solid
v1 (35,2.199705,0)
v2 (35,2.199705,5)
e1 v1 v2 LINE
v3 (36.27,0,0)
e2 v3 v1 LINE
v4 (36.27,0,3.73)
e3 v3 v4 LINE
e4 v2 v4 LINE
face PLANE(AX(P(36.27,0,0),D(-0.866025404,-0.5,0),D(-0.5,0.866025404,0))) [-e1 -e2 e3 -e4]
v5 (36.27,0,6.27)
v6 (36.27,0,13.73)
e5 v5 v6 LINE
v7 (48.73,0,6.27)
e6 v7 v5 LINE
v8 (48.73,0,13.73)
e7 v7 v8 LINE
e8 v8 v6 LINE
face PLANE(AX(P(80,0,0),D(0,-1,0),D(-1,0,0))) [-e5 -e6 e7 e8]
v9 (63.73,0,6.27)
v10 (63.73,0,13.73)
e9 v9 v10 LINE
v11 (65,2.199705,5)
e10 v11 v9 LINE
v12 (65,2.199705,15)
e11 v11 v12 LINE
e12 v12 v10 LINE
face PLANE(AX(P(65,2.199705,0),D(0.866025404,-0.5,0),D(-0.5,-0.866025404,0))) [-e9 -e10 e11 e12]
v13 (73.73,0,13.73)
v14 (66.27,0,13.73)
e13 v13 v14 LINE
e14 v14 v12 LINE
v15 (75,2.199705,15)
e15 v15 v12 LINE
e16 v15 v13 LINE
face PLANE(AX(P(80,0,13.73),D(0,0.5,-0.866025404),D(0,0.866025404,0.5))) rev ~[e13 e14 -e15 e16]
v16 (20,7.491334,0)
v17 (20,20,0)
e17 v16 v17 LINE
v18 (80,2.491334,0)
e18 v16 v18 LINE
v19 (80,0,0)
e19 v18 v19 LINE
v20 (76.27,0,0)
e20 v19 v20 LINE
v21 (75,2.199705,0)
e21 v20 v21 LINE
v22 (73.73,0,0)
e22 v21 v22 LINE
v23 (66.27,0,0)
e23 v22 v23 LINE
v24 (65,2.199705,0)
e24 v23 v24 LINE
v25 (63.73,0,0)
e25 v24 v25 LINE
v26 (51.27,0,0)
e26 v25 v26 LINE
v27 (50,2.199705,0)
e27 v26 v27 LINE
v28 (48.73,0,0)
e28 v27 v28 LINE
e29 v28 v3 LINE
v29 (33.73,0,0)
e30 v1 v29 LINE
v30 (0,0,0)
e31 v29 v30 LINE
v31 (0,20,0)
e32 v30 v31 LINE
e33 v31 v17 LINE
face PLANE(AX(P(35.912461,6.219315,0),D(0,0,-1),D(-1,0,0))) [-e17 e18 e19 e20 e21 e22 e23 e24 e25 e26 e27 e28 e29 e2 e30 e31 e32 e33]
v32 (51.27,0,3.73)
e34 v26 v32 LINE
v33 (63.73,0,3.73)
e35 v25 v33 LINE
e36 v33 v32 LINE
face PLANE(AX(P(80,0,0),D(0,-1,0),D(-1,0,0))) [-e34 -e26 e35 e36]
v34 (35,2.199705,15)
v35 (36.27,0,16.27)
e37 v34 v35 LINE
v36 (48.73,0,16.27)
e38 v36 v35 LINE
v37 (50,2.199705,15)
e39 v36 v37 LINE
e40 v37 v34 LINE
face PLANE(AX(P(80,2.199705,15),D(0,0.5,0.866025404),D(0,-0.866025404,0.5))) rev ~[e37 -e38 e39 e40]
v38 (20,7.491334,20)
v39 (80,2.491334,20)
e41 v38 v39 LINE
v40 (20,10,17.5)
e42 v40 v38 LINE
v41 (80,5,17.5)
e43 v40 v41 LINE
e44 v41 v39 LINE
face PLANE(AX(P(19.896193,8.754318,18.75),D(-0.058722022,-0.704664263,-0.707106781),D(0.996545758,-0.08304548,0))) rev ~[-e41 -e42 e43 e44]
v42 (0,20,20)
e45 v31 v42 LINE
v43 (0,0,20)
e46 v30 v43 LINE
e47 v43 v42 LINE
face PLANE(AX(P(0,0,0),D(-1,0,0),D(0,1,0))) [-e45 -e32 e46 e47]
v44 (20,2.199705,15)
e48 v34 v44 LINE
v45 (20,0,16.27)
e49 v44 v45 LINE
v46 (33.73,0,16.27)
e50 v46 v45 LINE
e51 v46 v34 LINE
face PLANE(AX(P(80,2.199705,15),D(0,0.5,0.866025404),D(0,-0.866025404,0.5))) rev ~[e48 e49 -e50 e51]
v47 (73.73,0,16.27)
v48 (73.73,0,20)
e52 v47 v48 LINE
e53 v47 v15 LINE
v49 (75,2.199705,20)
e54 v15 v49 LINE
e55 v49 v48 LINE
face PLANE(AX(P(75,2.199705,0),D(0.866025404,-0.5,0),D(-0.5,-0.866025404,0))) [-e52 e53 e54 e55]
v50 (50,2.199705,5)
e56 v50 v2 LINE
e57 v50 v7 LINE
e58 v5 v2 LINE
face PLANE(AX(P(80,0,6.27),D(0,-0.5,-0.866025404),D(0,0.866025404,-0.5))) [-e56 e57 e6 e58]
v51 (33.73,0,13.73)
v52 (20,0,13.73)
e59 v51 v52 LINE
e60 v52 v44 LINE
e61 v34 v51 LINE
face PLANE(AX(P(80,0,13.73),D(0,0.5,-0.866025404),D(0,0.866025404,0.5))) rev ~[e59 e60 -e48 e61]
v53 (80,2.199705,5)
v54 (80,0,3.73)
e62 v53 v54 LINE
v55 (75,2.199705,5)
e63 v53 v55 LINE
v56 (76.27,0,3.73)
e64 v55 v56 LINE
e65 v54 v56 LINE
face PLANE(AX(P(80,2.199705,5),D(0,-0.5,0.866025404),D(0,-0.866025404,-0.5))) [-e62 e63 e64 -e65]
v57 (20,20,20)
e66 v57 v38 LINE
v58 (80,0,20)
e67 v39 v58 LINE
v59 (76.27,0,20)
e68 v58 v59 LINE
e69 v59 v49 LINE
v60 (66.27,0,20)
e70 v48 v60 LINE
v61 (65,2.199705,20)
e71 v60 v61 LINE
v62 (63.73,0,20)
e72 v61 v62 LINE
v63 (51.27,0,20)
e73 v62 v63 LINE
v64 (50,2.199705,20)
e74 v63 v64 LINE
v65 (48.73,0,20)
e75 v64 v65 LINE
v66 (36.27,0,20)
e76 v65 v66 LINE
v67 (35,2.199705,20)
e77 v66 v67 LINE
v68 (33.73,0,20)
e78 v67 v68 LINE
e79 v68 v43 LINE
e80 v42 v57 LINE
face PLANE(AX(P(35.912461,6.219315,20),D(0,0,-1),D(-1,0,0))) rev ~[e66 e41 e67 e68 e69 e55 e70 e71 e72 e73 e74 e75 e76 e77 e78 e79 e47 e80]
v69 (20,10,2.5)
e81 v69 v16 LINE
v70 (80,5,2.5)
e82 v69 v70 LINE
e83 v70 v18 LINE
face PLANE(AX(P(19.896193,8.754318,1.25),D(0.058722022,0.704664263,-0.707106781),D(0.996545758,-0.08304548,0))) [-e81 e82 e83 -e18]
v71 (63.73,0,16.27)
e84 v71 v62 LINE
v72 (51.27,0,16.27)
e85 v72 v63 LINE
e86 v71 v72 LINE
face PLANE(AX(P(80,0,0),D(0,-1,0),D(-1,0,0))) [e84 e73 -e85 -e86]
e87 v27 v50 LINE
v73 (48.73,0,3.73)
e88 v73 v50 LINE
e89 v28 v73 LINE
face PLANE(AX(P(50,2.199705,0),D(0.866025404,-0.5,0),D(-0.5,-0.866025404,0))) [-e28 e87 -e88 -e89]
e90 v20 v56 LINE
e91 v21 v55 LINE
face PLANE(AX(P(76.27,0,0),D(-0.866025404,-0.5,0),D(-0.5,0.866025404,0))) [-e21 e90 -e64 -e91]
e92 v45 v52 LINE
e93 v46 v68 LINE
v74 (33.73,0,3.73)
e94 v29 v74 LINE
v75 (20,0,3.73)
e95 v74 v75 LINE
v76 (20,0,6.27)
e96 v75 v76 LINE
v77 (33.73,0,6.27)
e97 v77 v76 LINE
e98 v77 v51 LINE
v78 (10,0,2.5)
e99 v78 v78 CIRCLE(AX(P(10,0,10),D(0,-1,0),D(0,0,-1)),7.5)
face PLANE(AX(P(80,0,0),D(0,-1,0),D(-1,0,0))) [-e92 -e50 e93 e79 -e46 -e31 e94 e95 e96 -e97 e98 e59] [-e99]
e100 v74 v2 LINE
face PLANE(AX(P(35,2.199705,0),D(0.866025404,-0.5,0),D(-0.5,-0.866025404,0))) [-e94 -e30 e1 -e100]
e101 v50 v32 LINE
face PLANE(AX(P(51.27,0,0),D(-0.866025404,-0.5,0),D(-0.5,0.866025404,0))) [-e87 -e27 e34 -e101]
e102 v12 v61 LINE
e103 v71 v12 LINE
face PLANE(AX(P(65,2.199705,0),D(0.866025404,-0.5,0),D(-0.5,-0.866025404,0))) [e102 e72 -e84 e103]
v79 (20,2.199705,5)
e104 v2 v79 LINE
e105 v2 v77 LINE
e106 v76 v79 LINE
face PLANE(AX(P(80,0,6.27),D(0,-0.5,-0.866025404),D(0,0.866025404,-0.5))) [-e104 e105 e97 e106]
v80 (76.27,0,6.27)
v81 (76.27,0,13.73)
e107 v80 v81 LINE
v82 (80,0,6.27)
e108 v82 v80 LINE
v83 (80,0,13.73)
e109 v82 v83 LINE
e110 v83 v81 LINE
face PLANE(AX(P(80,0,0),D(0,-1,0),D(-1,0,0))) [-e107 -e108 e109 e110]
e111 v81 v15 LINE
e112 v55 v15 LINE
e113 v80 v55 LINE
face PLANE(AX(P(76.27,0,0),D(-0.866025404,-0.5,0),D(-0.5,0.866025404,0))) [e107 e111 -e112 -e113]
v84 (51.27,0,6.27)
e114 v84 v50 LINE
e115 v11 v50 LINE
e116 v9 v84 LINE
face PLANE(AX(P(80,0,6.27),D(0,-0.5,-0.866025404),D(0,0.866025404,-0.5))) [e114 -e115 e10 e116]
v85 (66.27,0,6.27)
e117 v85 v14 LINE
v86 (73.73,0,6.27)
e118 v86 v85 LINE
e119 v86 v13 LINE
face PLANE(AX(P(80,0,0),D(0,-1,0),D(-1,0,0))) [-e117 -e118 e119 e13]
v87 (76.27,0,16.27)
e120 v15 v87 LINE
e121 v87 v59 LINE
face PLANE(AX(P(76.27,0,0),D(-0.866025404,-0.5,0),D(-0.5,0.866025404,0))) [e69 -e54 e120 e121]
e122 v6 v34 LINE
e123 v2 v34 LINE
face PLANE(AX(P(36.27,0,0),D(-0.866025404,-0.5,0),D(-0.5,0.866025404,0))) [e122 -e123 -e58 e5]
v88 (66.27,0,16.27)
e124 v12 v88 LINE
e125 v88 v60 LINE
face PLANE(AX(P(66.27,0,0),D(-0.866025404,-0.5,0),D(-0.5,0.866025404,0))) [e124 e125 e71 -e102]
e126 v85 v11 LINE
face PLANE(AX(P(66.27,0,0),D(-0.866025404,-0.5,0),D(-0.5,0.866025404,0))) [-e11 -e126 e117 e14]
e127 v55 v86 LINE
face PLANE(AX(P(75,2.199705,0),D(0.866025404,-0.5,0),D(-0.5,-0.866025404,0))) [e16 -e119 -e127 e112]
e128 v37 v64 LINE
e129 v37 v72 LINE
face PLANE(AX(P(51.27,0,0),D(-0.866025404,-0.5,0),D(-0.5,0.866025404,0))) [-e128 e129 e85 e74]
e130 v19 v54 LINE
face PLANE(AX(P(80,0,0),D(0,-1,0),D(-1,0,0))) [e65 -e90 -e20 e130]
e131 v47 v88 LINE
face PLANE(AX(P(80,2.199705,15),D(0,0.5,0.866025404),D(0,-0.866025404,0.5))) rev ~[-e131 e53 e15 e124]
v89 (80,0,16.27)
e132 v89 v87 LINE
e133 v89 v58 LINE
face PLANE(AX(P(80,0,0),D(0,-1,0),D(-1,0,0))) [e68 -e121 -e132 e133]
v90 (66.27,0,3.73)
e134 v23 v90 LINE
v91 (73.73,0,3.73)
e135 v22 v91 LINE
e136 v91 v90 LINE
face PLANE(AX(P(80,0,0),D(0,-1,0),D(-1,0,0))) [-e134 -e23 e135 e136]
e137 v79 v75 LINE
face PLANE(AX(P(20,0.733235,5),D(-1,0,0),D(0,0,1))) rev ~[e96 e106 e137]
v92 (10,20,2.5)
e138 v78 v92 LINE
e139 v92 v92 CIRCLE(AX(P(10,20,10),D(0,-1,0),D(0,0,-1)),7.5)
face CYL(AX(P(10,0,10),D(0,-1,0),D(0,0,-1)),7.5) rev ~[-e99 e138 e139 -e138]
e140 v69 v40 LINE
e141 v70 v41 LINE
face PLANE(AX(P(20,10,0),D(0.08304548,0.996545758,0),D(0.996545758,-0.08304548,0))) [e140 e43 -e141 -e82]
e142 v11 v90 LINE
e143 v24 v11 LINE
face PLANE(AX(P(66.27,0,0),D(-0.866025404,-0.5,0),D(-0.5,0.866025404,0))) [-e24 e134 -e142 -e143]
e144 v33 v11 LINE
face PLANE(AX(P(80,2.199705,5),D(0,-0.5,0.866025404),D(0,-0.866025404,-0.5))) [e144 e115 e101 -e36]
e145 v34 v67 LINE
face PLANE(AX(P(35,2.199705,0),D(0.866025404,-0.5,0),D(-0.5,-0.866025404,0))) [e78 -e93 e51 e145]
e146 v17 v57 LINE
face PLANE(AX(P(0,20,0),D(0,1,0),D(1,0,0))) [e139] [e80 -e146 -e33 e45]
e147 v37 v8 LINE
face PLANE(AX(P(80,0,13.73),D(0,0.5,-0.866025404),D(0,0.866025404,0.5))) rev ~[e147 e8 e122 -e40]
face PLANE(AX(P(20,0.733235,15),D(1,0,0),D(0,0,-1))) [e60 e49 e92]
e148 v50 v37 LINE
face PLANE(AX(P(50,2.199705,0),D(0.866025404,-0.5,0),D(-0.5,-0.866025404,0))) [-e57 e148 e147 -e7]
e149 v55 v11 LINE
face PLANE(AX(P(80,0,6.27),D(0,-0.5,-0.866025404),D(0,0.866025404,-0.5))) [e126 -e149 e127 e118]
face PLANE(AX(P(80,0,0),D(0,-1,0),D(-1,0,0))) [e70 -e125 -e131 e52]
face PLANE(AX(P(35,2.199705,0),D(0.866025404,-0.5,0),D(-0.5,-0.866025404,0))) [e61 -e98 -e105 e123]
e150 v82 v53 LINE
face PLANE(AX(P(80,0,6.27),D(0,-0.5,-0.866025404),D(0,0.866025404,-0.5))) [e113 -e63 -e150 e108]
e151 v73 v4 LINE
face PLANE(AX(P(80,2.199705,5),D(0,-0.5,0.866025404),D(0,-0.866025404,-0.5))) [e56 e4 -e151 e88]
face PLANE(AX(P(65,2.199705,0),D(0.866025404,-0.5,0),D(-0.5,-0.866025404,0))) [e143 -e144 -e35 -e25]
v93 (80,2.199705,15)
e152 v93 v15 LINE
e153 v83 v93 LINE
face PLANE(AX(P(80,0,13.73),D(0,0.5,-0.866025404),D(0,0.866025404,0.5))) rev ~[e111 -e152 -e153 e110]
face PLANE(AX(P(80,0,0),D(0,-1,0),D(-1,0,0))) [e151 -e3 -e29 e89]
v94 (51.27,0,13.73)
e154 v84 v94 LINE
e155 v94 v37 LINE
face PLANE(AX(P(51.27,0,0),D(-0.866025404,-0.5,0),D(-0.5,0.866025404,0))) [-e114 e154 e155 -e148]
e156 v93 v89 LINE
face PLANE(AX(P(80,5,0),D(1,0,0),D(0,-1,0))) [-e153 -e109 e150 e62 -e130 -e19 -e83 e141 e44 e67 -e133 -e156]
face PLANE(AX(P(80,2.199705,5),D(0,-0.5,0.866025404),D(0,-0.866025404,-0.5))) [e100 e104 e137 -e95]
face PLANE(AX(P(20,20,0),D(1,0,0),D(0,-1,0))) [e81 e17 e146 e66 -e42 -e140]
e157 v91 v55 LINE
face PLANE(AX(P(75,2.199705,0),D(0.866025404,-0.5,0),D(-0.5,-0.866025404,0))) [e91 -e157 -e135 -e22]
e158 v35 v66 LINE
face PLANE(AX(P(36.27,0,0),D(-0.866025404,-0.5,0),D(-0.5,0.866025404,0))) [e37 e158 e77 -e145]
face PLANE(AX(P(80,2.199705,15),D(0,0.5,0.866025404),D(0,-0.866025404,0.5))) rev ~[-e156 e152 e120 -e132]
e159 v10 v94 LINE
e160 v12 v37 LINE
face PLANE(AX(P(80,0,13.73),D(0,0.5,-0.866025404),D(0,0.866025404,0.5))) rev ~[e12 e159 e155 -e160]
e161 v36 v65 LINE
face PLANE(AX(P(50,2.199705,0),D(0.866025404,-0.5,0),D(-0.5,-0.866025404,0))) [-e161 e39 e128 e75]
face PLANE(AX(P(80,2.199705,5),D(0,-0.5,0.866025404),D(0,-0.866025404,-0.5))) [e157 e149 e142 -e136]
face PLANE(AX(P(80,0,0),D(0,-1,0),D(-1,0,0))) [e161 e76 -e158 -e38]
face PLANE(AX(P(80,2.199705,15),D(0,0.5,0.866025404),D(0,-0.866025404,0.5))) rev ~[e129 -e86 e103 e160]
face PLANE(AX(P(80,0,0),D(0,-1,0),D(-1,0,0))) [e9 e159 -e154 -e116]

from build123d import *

# Parameters (mm, degrees)
BOSS_EXTRUDE1_DEPTH = 20
CHAMFER1_SIZE       = 2.5
SKETCH2_R           = 7.5
CUT_EXTRUDE1_DEPTH  = 85.852813742
CUT_EXTRUDE2_DEPTH  = 60
CUT_EXTRUDE3_DEPTH  = 85.852813742


with BuildPart() as part:
    # Sketch1 → Boss-Extrude1 (new body)
    with BuildSketch(Plane.XY):
        Polygon((0, 0), (0, 20), (20, 20), (20, 10), (80, 5), (80, 0), align=None)
    extrude(amount=BOSS_EXTRUDE1_DEPTH)

    # Chamfer1
    chamfer1_edges = [part.edges().sort_by_distance(p)[0] for p in [
        (50, 7.5, 20),
        (50, 7.5, 0),
    ]]
    chamfer(chamfer1_edges, length=CHAMFER1_SIZE)

    # Sketch2 → Cut-Extrude1 (cut, through all)
    with BuildSketch(Plane(origin=(0, 0, 0), x_dir=(-1, 0, 0), z_dir=(0, -1, 0))):
        with Locations(Location((-10, -10, 0), (0, 0, 90))):
            Circle(SKETCH2_R)
    extrude(amount=-CUT_EXTRUDE1_DEPTH, mode=Mode.SUBTRACT)

    # Sketch3 → Cut-Extrude2 (cut)
    with BuildSketch(Plane(origin=(80, 0, 0), x_dir=(0, 0, -1), z_dir=(1, 0, 0))):
        Polygon((-15, 2.199704526), (-16.27, 0), (-13.73, 0), align=None)
        Polygon((-6.27, 0), (-5, 2.199704526), (-3.73, 0), align=None)
    extrude(amount=-CUT_EXTRUDE2_DEPTH, mode=Mode.SUBTRACT)

    # Sketch4 → Cut-Extrude3 (cut, through all)
    with BuildSketch(Plane.XY):
        Polygon((75, 2.199704526), (73.73, 0), (76.27, 0), align=None)
        Polygon((65, 2.199704526), (63.73, 0), (66.27, 0), align=None)
        Polygon((50, 2.199704526), (48.73, 0), (51.27, 0), align=None)
        Polygon((35, 2.199704526), (33.73, 0), (36.27, 0), align=None)
    extrude(amount=CUT_EXTRUDE3_DEPTH, mode=Mode.SUBTRACT)


solid = part.part
